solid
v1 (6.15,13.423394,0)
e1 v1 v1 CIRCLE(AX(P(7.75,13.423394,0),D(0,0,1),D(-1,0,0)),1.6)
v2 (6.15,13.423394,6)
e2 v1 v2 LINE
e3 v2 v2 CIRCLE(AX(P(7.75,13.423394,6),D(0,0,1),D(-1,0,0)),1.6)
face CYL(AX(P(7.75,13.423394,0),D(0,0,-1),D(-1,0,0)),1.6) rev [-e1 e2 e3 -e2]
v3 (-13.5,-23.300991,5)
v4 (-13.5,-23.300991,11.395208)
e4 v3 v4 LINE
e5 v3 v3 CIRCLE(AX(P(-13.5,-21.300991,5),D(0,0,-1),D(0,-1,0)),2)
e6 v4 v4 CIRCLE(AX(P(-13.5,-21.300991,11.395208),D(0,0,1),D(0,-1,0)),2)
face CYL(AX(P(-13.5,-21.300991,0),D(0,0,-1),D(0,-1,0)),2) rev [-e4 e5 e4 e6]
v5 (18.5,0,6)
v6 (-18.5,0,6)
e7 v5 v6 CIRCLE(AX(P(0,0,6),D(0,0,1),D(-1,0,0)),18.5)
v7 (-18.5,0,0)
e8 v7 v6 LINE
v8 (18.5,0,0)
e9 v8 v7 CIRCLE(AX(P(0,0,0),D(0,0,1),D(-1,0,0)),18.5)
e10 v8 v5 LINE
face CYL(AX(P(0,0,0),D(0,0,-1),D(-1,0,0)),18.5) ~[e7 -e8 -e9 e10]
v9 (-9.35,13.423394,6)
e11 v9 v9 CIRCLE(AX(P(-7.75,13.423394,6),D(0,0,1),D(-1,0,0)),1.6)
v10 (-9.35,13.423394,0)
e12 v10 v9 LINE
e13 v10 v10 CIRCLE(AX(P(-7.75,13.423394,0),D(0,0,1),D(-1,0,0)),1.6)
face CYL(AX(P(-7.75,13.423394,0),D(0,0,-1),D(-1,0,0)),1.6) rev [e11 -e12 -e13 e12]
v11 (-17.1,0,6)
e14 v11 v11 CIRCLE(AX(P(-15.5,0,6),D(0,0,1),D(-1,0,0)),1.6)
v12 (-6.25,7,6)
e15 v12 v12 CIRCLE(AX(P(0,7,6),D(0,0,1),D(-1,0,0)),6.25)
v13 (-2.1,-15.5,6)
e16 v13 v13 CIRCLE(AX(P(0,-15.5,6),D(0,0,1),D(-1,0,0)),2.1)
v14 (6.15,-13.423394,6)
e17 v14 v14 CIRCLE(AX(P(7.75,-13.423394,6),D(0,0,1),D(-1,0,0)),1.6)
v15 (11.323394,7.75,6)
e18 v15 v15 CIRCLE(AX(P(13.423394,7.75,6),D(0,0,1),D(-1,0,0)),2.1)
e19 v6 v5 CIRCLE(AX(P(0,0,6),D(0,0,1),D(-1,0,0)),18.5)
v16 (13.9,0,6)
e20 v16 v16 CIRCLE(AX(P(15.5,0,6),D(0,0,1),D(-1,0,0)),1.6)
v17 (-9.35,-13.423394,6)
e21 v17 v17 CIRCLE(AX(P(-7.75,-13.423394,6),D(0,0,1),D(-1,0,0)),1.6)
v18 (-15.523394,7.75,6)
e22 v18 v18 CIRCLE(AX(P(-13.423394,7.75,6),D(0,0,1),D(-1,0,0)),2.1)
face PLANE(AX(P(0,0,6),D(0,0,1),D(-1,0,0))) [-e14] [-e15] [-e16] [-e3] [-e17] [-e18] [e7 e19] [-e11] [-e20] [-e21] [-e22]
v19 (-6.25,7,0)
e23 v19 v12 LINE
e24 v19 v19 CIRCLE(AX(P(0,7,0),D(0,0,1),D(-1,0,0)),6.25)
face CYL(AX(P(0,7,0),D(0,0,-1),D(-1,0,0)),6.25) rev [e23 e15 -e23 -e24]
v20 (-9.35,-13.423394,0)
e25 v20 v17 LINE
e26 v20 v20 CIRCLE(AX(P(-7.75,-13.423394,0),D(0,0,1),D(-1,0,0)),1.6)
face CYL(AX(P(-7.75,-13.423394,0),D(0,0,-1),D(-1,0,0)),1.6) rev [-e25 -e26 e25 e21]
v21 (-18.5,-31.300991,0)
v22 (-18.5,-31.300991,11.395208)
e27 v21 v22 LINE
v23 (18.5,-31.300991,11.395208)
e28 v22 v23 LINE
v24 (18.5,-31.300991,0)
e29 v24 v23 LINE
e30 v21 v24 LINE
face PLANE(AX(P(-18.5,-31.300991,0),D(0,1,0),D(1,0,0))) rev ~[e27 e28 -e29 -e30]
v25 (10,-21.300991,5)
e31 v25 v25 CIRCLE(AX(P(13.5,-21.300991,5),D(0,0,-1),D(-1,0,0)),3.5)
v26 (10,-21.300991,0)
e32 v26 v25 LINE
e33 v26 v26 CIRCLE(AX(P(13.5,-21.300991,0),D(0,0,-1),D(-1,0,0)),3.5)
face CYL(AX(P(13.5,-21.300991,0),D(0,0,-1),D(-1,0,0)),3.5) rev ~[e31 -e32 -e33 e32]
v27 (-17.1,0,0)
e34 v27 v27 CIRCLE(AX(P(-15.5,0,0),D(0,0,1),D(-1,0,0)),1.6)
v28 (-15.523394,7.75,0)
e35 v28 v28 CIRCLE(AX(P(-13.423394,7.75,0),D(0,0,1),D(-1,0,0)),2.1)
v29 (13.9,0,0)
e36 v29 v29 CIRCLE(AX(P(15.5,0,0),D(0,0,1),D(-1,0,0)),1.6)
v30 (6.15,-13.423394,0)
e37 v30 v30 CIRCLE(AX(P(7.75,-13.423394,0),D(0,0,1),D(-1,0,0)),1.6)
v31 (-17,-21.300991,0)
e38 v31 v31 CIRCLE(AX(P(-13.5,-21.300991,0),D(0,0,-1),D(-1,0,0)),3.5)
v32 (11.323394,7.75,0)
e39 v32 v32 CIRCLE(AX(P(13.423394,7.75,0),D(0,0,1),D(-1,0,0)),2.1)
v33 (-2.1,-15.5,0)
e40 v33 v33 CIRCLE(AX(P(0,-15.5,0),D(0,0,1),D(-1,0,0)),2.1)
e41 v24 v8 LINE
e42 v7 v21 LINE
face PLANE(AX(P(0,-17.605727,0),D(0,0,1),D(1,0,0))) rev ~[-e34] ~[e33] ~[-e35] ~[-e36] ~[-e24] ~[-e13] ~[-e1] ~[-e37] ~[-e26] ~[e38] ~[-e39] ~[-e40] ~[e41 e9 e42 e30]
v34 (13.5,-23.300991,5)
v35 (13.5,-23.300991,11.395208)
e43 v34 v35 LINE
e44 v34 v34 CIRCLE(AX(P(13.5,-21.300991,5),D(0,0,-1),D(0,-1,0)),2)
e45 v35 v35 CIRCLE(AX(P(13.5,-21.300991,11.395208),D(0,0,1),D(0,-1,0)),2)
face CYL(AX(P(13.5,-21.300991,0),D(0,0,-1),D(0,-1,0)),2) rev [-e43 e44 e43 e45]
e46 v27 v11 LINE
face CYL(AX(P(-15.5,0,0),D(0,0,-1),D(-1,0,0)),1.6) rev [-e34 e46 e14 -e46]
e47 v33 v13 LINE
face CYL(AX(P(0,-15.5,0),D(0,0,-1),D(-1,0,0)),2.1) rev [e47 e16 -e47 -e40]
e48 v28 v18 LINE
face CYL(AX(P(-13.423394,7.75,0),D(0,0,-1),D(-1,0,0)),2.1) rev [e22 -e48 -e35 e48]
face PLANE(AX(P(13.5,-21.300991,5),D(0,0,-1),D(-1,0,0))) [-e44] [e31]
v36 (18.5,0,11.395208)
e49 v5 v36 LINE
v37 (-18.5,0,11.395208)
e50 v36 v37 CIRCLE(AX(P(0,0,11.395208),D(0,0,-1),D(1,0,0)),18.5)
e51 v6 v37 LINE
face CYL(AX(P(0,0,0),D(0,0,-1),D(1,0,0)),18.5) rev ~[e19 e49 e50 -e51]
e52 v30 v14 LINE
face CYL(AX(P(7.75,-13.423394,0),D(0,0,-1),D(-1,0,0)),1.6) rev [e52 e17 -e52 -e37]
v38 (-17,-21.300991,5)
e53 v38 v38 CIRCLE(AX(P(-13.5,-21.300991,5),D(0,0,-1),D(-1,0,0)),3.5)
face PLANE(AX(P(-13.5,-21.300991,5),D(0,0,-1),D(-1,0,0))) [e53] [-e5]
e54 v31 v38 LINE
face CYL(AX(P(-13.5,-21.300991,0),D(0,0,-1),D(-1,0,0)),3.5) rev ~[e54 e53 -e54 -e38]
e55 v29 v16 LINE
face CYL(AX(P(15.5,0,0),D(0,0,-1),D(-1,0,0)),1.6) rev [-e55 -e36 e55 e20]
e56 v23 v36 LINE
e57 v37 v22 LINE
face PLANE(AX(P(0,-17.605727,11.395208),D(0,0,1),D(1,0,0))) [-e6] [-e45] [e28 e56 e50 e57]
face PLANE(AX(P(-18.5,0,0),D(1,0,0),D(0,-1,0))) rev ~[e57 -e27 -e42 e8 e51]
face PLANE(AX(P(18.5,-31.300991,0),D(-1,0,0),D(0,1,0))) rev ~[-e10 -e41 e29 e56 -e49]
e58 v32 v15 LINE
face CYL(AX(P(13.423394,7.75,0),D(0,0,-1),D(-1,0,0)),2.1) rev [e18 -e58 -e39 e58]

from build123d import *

# Parameters (mm, degrees)
SKETCH1_R           = 18.5
SKETCH1_R_2         = 6.25
SKETCH1_R_3         = 1.6
SKETCH1_R_4         = 2.1
BOSS_EXTRUDE1_DEPTH = 6
BOSS_EXTRUDE2_START = -6
SKETCH3_R           = 2
BOSS_EXTRUDE2_DEPTH = 11.395208
SKETCH4_R           = 3.5
CUT_EXTRUDE1_DEPTH  = 5


with BuildPart() as part:
    # Sketch1 → Boss-Extrude1 (new body)
    with BuildSketch(Plane.XY):
        with Locations(Location((0, 0, 0), (0, 0, 180))):
            Circle(SKETCH1_R)
        with Locations(Location((0, 7, 0), (0, 0, 180))):
            Circle(SKETCH1_R_2, mode=Mode.SUBTRACT)
        with Locations(Location((15.5, 0, 0), (0, 0, 180))):
            Circle(SKETCH1_R_3, mode=Mode.SUBTRACT)
        with Locations(Location((7.75, -13.423393759, 0), (0, 0, 180))):
            Circle(SKETCH1_R_3, mode=Mode.SUBTRACT)
        with Locations(Location((-7.75, -13.423393759, 0), (0, 0, 180))):
            Circle(SKETCH1_R_3, mode=Mode.SUBTRACT)
        with Locations(Location((-15.5, 0, 0), (0, 0, 180))):
            Circle(SKETCH1_R_3, mode=Mode.SUBTRACT)
        with Locations(Location((-7.75, 13.423393759, 0), (0, 0, 180))):
            Circle(SKETCH1_R_3, mode=Mode.SUBTRACT)
        with Locations(Location((7.75, 13.423393759, 0), (0, 0, 180))):
            Circle(SKETCH1_R_3, mode=Mode.SUBTRACT)
        with Locations(Location((13.423393759, 7.75, 0), (0, 0, 180))):
            Circle(SKETCH1_R_4, mode=Mode.SUBTRACT)
        with Locations(Location((0, -15.5, 0), (0, 0, 180))):
            Circle(SKETCH1_R_4, mode=Mode.SUBTRACT)
        with Locations(Location((-13.423393759, 7.75, 0), (0, 0, 180))):
            Circle(SKETCH1_R_4, mode=Mode.SUBTRACT)
    extrude(amount=BOSS_EXTRUDE1_DEPTH)

    # Sketch3 → Boss-Extrude2 (add)
    with BuildSketch(Plane.XY.offset(6).offset(BOSS_EXTRUDE2_START)):
        with BuildLine():
            ThreePointArc((18.5, 0), (0, -18.5), (-18.5, 0))
            Line((-18.5, 0), (-18.5, -31.300991))
            Line((-18.5, -31.300991), (18.5, -31.300991))
            Line((18.5, -31.300991), (18.5, 0))
        make_face()
        with Locations(Location((-13.5, -21.300991, 0), (0, 0, 270))):
            Circle(SKETCH3_R, mode=Mode.SUBTRACT)
        with Locations(Location((13.5, -21.300991, 0), (0, 0, 270))):
            Circle(SKETCH3_R, mode=Mode.SUBTRACT)
    extrude(amount=BOSS_EXTRUDE2_DEPTH)

    # Sketch4 → Cut-Extrude1 (cut)
    with BuildSketch(Plane(origin=(0, 0, 0), x_dir=(-1, 0, 0), z_dir=(0, 0, -1))):
        with Locations((-13.5, -21.300991)):
            Circle(SKETCH4_R)
        with Locations((13.5, -21.300991)):
            Circle(SKETCH4_R)
    extrude(amount=-CUT_EXTRUDE1_DEPTH, mode=Mode.SUBTRACT)


solid = part.part
